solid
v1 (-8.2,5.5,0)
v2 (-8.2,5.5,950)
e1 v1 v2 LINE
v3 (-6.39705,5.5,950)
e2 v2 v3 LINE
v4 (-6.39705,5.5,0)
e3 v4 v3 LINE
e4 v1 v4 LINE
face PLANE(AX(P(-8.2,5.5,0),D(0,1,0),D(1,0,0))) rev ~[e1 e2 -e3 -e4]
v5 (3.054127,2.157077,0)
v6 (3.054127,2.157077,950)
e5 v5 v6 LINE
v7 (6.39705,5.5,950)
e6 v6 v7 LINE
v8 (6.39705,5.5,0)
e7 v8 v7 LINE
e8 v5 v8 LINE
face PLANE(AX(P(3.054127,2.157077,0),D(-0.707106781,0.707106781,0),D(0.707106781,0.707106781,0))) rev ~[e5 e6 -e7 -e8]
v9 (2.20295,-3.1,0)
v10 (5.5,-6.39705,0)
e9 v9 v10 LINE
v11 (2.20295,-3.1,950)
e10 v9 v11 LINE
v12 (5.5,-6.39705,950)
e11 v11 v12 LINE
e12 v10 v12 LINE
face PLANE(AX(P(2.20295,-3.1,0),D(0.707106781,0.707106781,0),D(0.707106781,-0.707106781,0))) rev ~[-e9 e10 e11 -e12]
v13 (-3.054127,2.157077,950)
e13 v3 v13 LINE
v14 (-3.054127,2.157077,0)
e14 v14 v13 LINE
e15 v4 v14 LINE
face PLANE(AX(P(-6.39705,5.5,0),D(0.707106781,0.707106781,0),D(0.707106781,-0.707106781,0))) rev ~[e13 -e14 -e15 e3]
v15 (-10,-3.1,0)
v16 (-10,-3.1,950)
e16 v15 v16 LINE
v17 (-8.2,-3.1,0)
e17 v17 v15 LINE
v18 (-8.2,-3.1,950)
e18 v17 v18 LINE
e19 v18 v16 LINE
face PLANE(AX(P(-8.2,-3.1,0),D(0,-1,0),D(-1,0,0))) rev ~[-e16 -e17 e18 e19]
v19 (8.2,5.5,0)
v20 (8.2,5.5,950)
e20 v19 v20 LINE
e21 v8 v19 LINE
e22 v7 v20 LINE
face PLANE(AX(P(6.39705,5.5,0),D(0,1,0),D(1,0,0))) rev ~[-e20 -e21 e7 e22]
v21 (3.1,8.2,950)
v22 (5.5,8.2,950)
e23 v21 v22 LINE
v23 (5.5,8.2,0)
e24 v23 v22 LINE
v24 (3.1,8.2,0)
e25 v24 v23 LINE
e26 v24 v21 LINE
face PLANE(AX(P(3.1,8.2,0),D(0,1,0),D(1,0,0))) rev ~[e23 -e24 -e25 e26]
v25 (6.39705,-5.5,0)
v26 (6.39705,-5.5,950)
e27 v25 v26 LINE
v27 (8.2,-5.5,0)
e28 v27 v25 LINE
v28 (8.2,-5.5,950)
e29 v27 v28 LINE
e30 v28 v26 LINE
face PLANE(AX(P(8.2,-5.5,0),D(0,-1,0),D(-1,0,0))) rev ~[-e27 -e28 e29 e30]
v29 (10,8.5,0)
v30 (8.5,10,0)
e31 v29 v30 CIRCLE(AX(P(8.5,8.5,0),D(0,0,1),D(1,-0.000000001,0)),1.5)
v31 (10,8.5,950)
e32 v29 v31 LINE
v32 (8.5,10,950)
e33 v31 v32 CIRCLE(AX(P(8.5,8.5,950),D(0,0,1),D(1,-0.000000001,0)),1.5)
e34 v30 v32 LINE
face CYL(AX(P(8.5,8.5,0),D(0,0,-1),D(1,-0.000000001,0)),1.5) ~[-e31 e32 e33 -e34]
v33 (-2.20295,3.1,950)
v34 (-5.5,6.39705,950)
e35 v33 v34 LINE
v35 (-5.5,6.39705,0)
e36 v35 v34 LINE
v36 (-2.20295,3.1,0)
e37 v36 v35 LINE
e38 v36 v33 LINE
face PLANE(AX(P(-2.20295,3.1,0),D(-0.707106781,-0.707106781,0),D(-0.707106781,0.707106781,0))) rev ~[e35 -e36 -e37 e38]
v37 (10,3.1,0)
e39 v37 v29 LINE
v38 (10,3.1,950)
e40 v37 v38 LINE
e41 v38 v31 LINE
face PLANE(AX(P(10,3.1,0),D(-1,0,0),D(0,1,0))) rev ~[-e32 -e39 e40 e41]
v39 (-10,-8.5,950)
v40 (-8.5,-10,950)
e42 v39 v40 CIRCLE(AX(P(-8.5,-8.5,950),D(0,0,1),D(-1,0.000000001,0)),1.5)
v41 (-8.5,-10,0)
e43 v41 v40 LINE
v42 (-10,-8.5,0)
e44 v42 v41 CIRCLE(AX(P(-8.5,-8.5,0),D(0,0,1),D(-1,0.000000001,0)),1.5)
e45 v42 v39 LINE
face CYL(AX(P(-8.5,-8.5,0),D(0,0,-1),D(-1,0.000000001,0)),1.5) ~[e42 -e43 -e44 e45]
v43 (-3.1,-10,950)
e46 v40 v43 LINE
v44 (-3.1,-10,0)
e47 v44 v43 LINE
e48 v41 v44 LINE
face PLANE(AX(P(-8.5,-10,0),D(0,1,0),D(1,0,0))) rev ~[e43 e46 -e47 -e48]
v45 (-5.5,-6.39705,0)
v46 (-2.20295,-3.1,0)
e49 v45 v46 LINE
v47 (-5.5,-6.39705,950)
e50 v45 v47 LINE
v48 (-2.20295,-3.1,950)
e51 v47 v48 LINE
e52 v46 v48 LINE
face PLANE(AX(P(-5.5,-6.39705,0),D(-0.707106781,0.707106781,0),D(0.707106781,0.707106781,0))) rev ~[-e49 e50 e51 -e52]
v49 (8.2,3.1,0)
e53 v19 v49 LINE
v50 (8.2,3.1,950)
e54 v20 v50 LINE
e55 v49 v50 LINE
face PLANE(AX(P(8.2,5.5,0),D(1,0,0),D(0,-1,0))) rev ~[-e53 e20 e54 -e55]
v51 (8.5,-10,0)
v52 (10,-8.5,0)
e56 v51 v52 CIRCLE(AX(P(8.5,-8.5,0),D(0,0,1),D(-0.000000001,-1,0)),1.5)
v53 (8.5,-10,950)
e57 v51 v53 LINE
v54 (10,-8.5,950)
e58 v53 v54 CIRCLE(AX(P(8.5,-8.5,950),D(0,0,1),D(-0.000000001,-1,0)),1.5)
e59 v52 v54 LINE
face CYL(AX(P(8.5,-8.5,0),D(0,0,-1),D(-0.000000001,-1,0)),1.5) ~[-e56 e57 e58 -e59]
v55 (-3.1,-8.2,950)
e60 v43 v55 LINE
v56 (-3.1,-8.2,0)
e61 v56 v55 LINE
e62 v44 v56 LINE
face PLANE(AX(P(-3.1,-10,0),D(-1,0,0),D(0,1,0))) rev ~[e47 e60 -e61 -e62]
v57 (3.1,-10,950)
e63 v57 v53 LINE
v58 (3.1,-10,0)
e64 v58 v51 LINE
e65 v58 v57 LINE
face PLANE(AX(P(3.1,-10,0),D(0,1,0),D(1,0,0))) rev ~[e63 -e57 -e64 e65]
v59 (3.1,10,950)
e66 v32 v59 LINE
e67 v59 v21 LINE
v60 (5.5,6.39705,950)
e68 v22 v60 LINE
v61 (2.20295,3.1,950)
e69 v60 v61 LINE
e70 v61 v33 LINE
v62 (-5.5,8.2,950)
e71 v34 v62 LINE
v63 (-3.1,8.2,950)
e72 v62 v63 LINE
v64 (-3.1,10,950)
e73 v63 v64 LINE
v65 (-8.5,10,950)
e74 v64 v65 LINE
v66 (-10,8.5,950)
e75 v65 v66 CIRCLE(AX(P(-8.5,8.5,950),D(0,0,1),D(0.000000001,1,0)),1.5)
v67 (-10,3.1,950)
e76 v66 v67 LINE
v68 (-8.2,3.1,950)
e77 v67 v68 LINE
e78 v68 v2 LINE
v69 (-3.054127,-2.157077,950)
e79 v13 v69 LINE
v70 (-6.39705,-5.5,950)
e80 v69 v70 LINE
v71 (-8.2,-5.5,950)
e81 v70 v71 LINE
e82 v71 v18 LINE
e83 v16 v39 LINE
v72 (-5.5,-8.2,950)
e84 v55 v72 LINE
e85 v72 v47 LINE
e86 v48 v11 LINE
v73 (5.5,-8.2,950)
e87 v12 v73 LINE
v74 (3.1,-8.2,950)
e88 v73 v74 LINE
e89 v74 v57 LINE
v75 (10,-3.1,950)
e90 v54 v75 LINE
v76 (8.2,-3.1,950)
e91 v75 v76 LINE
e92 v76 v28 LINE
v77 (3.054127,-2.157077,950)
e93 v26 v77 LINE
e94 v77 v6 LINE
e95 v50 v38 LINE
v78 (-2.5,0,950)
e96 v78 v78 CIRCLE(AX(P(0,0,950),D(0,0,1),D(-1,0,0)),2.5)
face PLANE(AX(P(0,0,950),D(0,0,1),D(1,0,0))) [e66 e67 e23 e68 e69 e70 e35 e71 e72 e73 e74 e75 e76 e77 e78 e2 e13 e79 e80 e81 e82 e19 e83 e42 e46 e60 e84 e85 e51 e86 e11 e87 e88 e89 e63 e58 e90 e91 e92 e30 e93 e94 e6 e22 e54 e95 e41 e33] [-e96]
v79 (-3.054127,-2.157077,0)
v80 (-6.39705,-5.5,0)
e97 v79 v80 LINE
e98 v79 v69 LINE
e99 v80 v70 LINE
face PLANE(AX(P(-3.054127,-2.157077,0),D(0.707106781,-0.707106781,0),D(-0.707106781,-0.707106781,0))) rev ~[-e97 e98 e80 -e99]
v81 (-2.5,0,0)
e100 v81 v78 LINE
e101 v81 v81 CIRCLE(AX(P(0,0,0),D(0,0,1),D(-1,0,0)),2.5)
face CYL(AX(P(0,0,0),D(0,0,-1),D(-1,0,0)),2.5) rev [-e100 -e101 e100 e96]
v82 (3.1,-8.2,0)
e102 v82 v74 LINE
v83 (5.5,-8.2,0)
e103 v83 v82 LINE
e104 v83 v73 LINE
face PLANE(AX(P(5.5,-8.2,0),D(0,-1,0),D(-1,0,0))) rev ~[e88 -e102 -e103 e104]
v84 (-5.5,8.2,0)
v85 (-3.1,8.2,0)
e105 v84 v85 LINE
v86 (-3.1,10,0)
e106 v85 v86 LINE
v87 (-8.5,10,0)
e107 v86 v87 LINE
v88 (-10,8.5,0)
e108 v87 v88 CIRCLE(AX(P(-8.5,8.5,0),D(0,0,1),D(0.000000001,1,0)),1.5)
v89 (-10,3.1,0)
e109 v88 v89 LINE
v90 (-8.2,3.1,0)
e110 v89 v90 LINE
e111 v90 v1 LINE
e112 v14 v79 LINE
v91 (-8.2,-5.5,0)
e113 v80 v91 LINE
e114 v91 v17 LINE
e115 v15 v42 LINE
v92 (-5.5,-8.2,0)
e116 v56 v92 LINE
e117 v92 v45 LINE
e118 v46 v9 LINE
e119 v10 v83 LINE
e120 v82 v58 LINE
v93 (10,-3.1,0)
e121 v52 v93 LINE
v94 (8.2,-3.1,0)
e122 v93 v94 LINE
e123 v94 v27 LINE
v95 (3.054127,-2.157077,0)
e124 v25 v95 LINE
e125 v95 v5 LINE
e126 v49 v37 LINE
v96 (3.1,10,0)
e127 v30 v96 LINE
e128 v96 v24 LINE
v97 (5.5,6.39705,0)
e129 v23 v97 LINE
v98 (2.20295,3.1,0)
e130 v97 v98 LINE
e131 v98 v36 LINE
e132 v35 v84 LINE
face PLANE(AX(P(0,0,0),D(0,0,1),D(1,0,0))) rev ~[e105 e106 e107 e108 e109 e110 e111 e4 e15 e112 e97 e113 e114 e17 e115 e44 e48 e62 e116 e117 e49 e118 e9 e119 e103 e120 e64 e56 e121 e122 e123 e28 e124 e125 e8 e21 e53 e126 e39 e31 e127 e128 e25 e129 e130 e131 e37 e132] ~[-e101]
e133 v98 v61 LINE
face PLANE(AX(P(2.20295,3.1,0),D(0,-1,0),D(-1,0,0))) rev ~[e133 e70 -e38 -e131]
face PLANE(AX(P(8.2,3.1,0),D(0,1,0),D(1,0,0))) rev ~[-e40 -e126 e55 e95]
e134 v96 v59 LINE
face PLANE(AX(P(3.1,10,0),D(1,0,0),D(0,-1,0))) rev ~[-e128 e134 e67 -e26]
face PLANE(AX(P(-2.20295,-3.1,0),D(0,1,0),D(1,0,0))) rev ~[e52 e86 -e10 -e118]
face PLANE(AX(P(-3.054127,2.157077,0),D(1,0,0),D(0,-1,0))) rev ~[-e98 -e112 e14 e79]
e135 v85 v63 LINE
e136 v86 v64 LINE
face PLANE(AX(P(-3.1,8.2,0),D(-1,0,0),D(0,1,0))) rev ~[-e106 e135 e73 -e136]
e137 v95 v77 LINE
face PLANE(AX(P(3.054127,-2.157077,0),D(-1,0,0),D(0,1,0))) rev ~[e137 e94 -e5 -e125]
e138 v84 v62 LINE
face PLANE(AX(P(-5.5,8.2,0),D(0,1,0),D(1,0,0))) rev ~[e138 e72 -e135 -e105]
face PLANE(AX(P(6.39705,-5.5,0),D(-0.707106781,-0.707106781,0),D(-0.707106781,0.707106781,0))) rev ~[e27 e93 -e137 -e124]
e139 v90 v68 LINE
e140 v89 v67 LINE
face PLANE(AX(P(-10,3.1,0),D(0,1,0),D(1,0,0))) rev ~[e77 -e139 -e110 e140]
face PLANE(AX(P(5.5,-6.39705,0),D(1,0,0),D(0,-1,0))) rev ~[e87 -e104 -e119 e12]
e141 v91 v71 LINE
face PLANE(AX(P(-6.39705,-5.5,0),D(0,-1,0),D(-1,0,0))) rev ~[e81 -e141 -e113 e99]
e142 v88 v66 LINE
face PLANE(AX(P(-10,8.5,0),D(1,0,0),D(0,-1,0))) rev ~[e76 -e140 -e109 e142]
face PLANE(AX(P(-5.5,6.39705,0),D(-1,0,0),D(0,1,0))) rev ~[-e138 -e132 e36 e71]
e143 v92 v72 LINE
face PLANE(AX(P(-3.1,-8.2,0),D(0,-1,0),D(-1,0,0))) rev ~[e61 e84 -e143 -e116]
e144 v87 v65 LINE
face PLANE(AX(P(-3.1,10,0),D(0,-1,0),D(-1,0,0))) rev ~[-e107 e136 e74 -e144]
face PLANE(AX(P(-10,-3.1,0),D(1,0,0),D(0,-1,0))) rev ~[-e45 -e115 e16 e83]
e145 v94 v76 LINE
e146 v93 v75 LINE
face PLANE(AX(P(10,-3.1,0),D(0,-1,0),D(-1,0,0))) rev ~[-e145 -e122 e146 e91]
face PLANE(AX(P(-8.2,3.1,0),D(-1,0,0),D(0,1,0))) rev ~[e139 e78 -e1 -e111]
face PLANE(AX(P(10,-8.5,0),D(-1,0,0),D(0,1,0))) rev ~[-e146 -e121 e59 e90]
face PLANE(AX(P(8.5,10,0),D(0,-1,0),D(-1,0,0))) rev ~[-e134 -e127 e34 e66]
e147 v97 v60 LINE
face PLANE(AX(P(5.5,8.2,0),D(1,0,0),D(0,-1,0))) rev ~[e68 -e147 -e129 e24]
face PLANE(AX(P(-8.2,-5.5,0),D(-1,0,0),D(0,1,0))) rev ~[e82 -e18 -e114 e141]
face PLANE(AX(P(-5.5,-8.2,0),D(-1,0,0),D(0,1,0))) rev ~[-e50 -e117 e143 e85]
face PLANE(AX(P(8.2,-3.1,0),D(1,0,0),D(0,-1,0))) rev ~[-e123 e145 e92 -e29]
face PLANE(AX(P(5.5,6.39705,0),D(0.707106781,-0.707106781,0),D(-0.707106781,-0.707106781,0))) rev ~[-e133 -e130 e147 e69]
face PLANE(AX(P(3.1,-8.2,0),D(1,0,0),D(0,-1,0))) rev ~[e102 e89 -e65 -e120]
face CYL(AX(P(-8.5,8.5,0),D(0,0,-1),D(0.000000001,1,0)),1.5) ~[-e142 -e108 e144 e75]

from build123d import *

# Parameters (mm, degrees)
SKETCH_1_R      = 2.5
EXTRUDE_1_DEPTH = 950


with BuildPart() as part:
    # 草图1 → 凸台-拉伸1 (new body)
    with BuildSketch(Plane.XY):
        with BuildLine():
            Line((-8.2, -3.1), (-10, -3.1))
            Line((-10, -3.1), (-10, -8.5))
            ThreePointArc((-10, -8.5), (-9.560660172, -9.560660172), (-8.5, -10))
            Line((-8.5, -10), (-3.1, -10))
            Line((-3.1, -10), (-3.1, -8.2))
            Line((-3.1, -8.2), (-5.5, -8.2))
            Line((-5.5, -8.2), (-5.5, -6.397050155))
            Line((-5.5, -6.397050155), (-2.202949845, -3.1))
            Line((-2.202949845, -3.1), (2.202949845, -3.1))
            Line((2.202949845, -3.1), (5.5, -6.397050155))
            Line((5.5, -6.397050155), (5.5, -8.2))
            Line((5.5, -8.2), (3.1, -8.2))
            Line((3.1, -8.2), (3.1, -10))
            Line((3.1, -10), (8.5, -10))
            ThreePointArc((8.5, -10), (9.560660172, -9.560660172), (10, -8.5))
            Line((10, -8.5), (10, -3.1))
            Line((10, -3.1), (8.2, -3.1))
            Line((8.2, -3.1), (8.2, -5.5))
            Line((8.2, -5.5), (6.397050155, -5.5))
            Line((6.397050155, -5.5), (3.05412702, -2.157076865))
            Line((3.05412702, -2.157076865), (3.05412702, 2.157076865))
            Line((3.05412702, 2.157076865), (6.397050155, 5.5))
            Line((6.397050155, 5.5), (8.2, 5.5))
            Line((8.2, 5.5), (8.2, 3.1))
            Line((8.2, 3.1), (10, 3.1))
            Line((10, 3.1), (10, 8.5))
            ThreePointArc((10, 8.5), (9.560660172, 9.560660172), (8.5, 10))
            Line((8.5, 10), (3.1, 10))
            Line((3.1, 10), (3.1, 8.2))
            Line((3.1, 8.2), (5.5, 8.2))
            Line((5.5, 8.2), (5.5, 6.397050155))
            Line((5.5, 6.397050155), (2.202949845, 3.1))
            Line((2.202949845, 3.1), (-2.202949845, 3.1))
            Line((-2.202949845, 3.1), (-5.5, 6.397050155))
            Line((-5.5, 6.397050155), (-5.5, 8.2))
            Line((-5.5, 8.2), (-3.1, 8.2))
            Line((-3.1, 8.2), (-3.1, 10))
            Line((-3.1, 10), (-8.5, 10))
            ThreePointArc((-8.5, 10), (-9.560660172, 9.560660172), (-10, 8.5))
            Line((-10, 8.5), (-10, 3.1))
            Line((-10, 3.1), (-8.2, 3.1))
            Line((-8.2, 3.1), (-8.2, 5.5))
            Line((-8.2, 5.5), (-6.397050155, 5.5))
            Line((-6.397050155, 5.5), (-3.05412702, 2.157076865))
            Line((-3.05412702, 2.157076865), (-3.05412702, -2.157076865))
            Line((-3.05412702, -2.157076865), (-6.397050155, -5.5))
            Line((-6.397050155, -5.5), (-8.2, -5.5))
            Line((-8.2, -5.5), (-8.2, -3.1))
        make_face()
        with Locations(Location((0, 0, 0), (0, 0, 180))):
            Circle(SKETCH_1_R, mode=Mode.SUBTRACT)
    extrude(amount=EXTRUDE_1_DEPTH)


solid = part.part
